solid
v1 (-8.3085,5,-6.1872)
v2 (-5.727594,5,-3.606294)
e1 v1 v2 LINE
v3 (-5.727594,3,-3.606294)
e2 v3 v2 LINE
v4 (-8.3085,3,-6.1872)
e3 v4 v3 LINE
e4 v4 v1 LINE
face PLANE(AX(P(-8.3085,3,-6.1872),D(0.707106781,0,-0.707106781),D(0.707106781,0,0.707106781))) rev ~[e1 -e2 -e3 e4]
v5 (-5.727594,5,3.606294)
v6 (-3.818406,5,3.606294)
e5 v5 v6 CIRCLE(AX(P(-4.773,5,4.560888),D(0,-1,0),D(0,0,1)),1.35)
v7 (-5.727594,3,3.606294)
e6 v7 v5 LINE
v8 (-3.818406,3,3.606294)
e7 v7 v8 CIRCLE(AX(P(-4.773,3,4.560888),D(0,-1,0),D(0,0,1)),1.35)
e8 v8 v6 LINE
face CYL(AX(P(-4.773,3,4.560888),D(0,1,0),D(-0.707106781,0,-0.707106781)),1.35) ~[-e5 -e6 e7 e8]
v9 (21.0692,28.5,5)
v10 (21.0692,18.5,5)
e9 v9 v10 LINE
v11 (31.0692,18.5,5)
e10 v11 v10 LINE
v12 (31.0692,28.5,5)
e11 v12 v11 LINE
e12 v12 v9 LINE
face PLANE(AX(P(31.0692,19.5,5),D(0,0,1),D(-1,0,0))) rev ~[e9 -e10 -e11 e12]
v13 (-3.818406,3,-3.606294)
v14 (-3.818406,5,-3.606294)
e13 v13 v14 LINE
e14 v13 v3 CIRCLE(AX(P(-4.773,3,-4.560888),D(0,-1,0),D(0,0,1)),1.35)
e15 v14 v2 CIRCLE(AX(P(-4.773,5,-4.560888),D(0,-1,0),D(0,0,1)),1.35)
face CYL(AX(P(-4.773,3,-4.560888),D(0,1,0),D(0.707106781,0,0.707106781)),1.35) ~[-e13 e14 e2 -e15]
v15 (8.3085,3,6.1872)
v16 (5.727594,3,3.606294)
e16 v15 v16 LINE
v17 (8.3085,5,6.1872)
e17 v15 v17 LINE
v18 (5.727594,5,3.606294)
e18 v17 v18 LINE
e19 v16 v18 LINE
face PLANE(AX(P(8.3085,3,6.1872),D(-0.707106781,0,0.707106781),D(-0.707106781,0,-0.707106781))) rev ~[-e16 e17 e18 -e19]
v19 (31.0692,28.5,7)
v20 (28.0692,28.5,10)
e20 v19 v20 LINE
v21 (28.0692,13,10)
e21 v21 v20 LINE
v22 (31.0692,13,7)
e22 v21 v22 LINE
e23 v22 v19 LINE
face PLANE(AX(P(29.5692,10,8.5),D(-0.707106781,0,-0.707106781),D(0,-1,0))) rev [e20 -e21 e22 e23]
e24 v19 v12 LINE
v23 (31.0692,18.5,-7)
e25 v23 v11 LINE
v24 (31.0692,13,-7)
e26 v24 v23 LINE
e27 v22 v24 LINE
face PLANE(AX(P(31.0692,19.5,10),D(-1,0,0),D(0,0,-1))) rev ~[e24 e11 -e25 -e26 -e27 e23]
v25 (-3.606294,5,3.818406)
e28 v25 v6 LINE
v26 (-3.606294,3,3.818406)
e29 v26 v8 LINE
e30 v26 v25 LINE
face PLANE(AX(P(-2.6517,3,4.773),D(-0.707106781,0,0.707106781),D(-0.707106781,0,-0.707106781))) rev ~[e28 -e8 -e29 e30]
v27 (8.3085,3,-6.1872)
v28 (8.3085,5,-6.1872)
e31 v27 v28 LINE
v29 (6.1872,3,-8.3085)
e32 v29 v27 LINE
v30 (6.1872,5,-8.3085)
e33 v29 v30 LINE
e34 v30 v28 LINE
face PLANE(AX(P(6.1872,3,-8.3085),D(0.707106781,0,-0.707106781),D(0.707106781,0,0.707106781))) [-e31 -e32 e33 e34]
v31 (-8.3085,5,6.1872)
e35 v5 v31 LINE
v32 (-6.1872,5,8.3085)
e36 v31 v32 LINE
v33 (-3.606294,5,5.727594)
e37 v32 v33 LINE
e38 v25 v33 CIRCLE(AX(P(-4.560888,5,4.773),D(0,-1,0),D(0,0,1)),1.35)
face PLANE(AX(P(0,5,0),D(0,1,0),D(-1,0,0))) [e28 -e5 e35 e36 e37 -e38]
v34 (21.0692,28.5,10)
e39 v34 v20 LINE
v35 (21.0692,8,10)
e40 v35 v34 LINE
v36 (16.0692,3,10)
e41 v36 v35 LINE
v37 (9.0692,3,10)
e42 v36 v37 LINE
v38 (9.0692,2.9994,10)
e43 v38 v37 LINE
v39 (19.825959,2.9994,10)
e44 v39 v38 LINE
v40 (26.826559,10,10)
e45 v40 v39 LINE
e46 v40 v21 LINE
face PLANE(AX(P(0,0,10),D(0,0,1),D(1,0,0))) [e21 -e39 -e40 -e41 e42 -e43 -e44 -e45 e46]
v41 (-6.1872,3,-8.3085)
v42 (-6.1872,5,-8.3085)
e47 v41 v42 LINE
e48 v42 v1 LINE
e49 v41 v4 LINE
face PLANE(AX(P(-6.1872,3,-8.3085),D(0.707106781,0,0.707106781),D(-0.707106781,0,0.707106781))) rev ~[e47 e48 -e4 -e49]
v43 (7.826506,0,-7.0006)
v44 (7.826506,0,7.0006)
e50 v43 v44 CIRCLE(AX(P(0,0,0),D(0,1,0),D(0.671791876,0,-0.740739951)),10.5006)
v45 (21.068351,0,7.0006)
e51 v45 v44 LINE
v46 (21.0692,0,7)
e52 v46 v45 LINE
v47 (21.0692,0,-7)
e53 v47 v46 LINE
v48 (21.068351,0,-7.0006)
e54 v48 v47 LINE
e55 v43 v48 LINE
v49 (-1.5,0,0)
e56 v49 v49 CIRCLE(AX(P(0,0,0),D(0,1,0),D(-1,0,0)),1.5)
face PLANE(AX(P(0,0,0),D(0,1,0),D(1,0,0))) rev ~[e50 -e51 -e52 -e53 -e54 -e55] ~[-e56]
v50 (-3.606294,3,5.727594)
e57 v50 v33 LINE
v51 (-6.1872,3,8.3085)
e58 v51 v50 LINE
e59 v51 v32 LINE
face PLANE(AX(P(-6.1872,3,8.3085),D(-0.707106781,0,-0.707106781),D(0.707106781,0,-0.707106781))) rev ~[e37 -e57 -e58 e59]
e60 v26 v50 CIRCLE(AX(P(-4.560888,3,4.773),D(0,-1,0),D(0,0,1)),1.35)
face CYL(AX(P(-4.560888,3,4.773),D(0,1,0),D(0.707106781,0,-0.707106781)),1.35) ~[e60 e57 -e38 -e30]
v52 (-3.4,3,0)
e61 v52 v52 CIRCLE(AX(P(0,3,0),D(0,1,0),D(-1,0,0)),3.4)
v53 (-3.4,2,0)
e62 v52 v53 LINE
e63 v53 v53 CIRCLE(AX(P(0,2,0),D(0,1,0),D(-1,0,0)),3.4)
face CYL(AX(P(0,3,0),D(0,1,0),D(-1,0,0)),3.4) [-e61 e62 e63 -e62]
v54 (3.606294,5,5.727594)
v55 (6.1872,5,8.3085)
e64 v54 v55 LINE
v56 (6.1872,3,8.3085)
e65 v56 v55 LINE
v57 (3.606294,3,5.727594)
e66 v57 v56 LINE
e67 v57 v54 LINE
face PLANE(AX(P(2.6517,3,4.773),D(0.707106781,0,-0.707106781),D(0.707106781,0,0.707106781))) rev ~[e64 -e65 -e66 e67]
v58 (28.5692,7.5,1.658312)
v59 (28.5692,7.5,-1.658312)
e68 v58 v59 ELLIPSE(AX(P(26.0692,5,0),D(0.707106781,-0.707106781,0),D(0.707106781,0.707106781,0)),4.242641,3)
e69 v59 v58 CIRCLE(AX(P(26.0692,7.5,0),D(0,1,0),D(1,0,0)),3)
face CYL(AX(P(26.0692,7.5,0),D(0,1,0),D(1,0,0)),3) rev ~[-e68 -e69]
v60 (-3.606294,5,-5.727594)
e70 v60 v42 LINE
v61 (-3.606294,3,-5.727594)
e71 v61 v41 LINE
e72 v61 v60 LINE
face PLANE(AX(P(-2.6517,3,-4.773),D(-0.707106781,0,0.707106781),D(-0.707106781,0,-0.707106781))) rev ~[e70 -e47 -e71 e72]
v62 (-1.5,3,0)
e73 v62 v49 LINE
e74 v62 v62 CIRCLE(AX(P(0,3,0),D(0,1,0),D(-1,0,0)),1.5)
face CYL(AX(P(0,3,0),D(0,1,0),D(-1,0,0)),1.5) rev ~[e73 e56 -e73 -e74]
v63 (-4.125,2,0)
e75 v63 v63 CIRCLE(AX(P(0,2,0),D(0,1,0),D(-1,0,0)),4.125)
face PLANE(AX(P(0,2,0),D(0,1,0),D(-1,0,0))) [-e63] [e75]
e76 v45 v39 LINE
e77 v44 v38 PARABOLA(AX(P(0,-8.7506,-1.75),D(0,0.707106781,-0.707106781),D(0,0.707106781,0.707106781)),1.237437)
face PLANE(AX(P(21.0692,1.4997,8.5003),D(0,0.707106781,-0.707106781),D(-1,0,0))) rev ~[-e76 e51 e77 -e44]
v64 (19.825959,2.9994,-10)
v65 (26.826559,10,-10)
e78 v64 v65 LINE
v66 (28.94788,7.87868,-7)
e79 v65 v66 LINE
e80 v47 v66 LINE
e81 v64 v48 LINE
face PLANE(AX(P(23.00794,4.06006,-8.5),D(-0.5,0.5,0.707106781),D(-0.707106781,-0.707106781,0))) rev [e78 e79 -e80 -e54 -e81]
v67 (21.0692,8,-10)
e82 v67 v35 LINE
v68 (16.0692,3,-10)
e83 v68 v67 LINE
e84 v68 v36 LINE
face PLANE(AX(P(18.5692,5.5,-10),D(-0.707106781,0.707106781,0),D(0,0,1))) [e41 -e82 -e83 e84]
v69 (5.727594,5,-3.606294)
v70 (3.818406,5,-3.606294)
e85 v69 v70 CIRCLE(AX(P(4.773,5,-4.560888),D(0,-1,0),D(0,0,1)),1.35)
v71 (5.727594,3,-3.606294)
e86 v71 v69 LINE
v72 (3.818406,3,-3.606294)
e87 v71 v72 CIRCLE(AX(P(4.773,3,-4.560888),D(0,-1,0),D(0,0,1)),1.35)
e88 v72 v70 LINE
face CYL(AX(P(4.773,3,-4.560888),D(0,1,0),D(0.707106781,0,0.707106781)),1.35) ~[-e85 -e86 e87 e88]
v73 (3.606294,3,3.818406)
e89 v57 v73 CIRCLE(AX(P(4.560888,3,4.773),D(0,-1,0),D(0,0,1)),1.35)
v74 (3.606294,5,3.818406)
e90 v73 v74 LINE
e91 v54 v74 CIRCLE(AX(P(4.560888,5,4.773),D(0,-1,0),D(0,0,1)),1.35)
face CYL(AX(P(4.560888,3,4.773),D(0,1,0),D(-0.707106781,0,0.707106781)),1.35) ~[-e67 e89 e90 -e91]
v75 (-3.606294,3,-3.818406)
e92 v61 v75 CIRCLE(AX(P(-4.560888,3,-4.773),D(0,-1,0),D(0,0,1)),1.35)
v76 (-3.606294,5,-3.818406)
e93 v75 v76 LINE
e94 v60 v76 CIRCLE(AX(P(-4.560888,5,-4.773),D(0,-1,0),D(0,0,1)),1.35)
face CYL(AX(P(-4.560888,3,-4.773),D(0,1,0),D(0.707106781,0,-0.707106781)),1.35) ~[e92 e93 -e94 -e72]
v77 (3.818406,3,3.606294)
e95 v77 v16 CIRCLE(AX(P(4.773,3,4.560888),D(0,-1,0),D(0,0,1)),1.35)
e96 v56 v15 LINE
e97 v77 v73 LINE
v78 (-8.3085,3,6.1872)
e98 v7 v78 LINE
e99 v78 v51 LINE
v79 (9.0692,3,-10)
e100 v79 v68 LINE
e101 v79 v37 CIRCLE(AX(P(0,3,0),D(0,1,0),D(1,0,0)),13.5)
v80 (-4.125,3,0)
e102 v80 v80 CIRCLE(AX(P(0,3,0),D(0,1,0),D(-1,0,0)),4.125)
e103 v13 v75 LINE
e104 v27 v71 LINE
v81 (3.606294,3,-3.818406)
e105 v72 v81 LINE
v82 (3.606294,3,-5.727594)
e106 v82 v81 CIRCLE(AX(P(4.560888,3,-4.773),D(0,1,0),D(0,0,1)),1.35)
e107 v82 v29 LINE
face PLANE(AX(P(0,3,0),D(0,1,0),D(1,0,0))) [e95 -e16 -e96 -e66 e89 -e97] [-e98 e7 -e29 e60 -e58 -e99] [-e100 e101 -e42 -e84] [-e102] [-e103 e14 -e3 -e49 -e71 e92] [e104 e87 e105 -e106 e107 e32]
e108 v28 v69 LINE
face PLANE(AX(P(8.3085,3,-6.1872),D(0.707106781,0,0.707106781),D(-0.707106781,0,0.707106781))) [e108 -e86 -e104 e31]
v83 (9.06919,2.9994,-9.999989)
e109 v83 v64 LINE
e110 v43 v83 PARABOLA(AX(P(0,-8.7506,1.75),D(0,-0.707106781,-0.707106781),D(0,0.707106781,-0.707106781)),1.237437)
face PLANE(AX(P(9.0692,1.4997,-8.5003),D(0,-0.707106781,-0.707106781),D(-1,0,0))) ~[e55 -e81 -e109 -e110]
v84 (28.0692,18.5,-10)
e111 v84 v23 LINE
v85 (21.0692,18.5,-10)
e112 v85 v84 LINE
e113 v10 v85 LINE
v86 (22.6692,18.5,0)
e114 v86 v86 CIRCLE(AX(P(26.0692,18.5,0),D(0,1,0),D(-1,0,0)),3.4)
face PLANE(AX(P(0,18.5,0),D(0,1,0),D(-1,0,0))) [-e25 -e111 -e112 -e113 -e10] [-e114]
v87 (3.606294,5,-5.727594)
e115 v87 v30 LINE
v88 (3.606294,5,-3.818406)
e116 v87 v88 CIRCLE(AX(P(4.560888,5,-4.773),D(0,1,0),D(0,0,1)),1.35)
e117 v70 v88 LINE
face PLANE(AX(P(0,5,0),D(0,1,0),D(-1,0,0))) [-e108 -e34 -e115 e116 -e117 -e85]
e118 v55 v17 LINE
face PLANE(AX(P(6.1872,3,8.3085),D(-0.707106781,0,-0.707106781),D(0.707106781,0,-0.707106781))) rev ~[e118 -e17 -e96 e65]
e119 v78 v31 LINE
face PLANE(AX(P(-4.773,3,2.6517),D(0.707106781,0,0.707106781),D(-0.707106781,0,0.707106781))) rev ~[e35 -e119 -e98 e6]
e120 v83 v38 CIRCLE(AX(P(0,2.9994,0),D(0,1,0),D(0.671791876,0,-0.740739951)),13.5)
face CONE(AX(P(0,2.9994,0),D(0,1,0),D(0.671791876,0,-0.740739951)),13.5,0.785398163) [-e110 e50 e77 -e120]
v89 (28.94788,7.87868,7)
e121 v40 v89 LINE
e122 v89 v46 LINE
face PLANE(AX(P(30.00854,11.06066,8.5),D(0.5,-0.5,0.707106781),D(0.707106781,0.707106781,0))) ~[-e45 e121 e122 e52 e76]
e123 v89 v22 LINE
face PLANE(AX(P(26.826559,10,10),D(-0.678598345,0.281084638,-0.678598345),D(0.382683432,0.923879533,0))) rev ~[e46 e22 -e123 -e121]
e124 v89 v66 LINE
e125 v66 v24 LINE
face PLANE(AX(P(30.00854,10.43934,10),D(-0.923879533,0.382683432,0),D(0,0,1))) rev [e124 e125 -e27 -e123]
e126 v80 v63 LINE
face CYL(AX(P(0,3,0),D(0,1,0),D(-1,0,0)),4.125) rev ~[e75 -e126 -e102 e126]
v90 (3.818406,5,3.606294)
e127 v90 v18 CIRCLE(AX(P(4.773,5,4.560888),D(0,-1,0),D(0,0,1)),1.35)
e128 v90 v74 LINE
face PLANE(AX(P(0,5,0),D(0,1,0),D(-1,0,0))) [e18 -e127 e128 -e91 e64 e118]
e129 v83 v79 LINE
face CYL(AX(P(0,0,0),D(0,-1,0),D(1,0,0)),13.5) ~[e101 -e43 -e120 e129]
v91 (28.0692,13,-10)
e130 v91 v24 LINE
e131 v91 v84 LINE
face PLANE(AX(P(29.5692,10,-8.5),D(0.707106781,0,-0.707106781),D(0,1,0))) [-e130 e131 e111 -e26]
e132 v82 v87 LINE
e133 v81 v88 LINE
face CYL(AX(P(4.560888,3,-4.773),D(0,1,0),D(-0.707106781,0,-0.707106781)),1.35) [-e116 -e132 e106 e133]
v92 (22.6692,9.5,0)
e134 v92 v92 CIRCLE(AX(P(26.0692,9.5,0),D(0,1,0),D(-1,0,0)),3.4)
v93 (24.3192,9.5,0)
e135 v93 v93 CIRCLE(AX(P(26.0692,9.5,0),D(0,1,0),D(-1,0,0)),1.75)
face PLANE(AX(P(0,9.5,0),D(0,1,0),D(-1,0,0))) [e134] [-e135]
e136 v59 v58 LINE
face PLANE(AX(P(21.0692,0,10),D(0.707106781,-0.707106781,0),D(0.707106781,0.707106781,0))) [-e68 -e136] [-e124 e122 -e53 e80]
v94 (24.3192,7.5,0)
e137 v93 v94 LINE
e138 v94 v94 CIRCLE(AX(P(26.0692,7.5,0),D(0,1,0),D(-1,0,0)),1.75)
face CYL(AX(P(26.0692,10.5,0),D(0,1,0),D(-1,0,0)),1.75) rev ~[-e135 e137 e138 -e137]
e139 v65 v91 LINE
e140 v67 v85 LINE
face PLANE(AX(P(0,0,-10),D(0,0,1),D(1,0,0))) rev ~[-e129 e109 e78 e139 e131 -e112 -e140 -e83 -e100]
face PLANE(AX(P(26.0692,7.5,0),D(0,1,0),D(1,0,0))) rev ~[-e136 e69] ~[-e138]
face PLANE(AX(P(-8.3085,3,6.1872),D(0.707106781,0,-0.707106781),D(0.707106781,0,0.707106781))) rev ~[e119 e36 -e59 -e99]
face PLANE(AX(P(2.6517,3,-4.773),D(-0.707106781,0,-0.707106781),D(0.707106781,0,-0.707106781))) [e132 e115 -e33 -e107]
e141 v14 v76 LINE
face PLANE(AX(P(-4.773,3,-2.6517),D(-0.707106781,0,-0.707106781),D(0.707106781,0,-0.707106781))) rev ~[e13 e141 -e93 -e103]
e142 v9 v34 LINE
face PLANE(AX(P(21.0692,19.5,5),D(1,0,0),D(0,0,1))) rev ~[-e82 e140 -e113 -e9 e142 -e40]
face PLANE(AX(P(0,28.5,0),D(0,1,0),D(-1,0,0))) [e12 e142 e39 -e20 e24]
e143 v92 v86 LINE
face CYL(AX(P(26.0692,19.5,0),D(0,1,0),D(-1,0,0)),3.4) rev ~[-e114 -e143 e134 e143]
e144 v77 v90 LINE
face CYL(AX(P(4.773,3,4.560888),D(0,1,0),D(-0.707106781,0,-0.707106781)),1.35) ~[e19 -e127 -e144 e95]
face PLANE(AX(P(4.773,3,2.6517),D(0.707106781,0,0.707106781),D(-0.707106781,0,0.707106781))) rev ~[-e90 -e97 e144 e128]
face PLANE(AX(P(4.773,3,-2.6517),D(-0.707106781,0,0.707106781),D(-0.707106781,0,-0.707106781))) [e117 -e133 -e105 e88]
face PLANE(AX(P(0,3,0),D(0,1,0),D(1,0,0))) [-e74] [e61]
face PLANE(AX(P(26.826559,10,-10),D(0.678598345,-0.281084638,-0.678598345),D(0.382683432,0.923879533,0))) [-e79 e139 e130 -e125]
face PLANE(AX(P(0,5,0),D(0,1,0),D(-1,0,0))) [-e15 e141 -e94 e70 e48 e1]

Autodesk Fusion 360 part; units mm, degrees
sketch "Sketch1" plane through (0, 0, 0) normal (0, 1, 0) x (1, 0, 0)
  circle A0 centre (0, 0) radius 13.5
  line L0 (9.0692, -10) -> (9.0692, 10)
  line L1 (9.0692, 10) -> (21.0692, 10)
  line L2 (21.0692, 10) -> (21.0692, -10)
  line L3 (21.0692, -10) -> (9.0692, -10)
  line L4 (9.0692, -10) -> (9.0692, 10)
  dimension "d1" = 27
  dimension "d4" = 20
  dimension "d5" = 12
  dimension "d6" = 20
extrude "Extrude1" add sketch "Sketch1" along normal blind 3
sketch "Sketch2" plane through (0, 3, 0) normal (0, 1, 0) x (-1, 0, 0)
  arc A0 (-9.0692, -10) -> (-9.0692, 10) centre (0, 0) ccw
  line L0 (-9.0692, 10) -> (-21.0692, 10)
  line L1 (-21.0692, 10) -> (-21.0692, -10)
  line L2 (-21.0692, -10) -> (-9.0692, -10)
  circle A1 centre (0, 0) radius 1.5
  dimension "d11" = 3
extrude "Extrude2" cut sketch "Sketch2" against normal blind 7 contours A1
sketch "Sketch3" plane through (0, 3, 0) normal (0, 1, 0) x (-1, 0, 0)
  circle A0 centre (0, 0) radius 1.5
  arc A1 (-9.0692, -10) -> (-9.0692, 10) centre (0, 0) ccw
  line L0 (-9.0692, 10) -> (-21.0692, 10)
  line L1 (-21.0692, 10) -> (-21.0692, -10)
  line L2 (-21.0692, -10) -> (-9.0692, -10)
  line L3 (0, 0) -> (7.2478, -7.2478) construction
  line L4 (0, 0) -> (-7.2478, 7.2478) construction
  line L5 (0, 0) -> (7.2478, 7.2478) construction
  line L6 (0, 0) -> (10.5, 0) construction
  line L7 (0, 0) -> (-7.2478, -7.2478) construction
  line L8 (-7.2478, 7.2478) -> (-6.1872, 8.3085) construction
  line L9 (7.2478, 7.2478) -> (8.3085, 6.1872) construction
  line L10 (7.2478, -7.2478) -> (6.1872, -8.3085) construction
  line L11 (-7.2478, -7.2478) -> (-8.3085, -6.1872) construction
  line L12 (-8.3085, -6.1872) -> (-4.773, -2.6517)
  line L13 (-4.773, -2.6517) -> (-2.6517, -4.773)
  line L14 (-4.773, -2.6517) -> (-1.773, -2.6517) construction
  line L15 (-2.6517, -4.773) -> (-6.1872, -8.3085)
  line L16 (-6.1872, -8.3085) -> (-8.3085, -6.1872)
  line L17 (-6.1872, 8.3085) -> (-8.3085, 6.1872)
  line L18 (-8.3085, 6.1872) -> (-4.773, 2.6517)
  line L19 (-4.773, 2.6517) -> (-2.6517, 4.773)
  line L20 (-4.773, 2.6517) -> (-1.773, 2.6517) construction
  line L21 (-2.6517, 4.773) -> (-6.1872, 8.3085)
  line L22 (8.3085, 6.1872) -> (6.1872, 8.3085)
  line L23 (6.1872, 8.3085) -> (2.6517, 4.773)
  line L24 (6.1872, 8.3085) -> (11.1872, 8.3085) construction
  line L25 (2.6517, 4.773) -> (4.773, 2.6517)
  line L26 (4.773, 2.6517) -> (8.3085, 6.1872)
  line L27 (6.1872, -8.3085) -> (8.3085, -6.1872)
  line L28 (8.3085, -6.1872) -> (4.773, -2.6517)
  line L29 (4.773, -2.6517) -> (2.6517, -4.773)
  line L30 (2.6517, -4.773) -> (6.1872, -8.3085)
  dimension "d15" = 10.25
  dimension "d16" = 10.25
  dimension "d18" = 45
  dimension "d19" = 10.25
  dimension "d20" = 10.25
  dimension "d79" = 1.5
  dimension "d80" = 1.5
  dimension "d81" = 1.5
  dimension "d84" = 1.5
  dimension "d85" = 5
  dimension "d86" = 45
  dimension "d87" = 3
  dimension "d88" = 5
  dimension "d89" = 3
  dimension "d90" = 5
  dimension "d91" = 45
  dimension "d92" = 3
  dimension "d93" = 3
  dimension "d94" = 135
  dimension "d95" = 5
  dimension "d96" = 3
  dimension "d97" = 3
  dimension "d98" = 5
  dimension "d99" = 3
extrude "Extrude12" add sketch "Sketch3" along normal blind 2 contours L12 L13 L15 L16 | L17 L18 L19 L21 | L22 L23 L25 L26 | L27 L28 L29 L30
sketch "Sketch4" plane through (0, 3, 0) normal (0, 1, 0) x (-1, 0, 0)
  circle A0 centre (0, 0) radius 1.5
  arc A1 (-9.0692, -10) -> (-9.0692, 10) centre (0, 0) ccw
  line L0 (-9.0692, 10) -> (-21.0692, 10)
  line L1 (-21.0692, 10) -> (-21.0692, -10)
  line L2 (-21.0692, -10) -> (-9.0692, -10)
  circle A2 centre (0, 0) radius 3.4
  circle A3 centre (0, 0) radius 4.125
  line L3 (-2.6517, 4.773) -> (-4.773, 2.6517)
  line L4 (-4.773, 2.6517) -> (-8.3085, 6.1872)
  line L5 (-8.3085, 6.1872) -> (-6.1872, 8.3085)
  line L6 (-6.1872, 8.3085) -> (-2.6517, 4.773)
  line L7 (4.773, 2.6517) -> (2.6517, 4.773)
  line L8 (2.6517, 4.773) -> (6.1872, 8.3085)
  line L9 (6.1872, 8.3085) -> (8.3085, 6.1872)
  line L10 (8.3085, 6.1872) -> (4.773, 2.6517)
  line L11 (-6.1872, -8.3085) -> (-8.3085, -6.1872)
  line L12 (-8.3085, -6.1872) -> (-4.773, -2.6517)
  line L13 (-4.773, -2.6517) -> (-2.6517, -4.773)
  line L14 (-2.6517, -4.773) -> (-6.1872, -8.3085)
  line L15 (2.6517, -4.773) -> (4.773, -2.6517)
  line L16 (4.773, -2.6517) -> (8.3085, -6.1872)
  line L17 (8.3085, -6.1872) -> (6.1872, -8.3085)
  line L18 (6.1872, -8.3085) -> (2.6517, -4.773)
  dimension "d42" = 6.8
  dimension "d43" = 8.25
extrude "Extrude4" cut sketch "Sketch4" against normal blind 1 contours A3
sketch "Sketch5" plane through (0, 3, 0) normal (0, 1, 0) x (-1, 0, 0)
  arc A0 (-9.0692, -10) -> (-9.0692, 10) centre (0, 0) ccw
  line L0 (-9.0692, 10) -> (-21.0692, 10)
  line L1 (-21.0692, 10) -> (-21.0692, -10)
  line L2 (-21.0692, -10) -> (-9.0692, -10)
  circle A1 centre (0, 0) radius 4.125
  line L3 (-21.0692, -10) -> (-31.0692, -10)
  line L4 (-31.0692, -10) -> (-31.0692, 10)
  line L5 (-31.0692, 10) -> (-21.0692, 10)
  line L6 (-21.0692, 10) -> (-21.0692, -10)
  line L7 (2.6517, -4.773) -> (4.773, -2.6517)
  line L8 (4.773, -2.6517) -> (8.3085, -6.1872)
  line L9 (8.3085, -6.1872) -> (6.1872, -8.3085)
  line L10 (6.1872, -8.3085) -> (2.6517, -4.773)
  line L11 (-6.1872, -8.3085) -> (-8.3085, -6.1872)
  line L12 (-8.3085, -6.1872) -> (-4.773, -2.6517)
  line L13 (-4.773, -2.6517) -> (-2.6517, -4.773)
  line L14 (-2.6517, -4.773) -> (-6.1872, -8.3085)
  line L15 (4.773, 2.6517) -> (2.6517, 4.773)
  line L16 (2.6517, 4.773) -> (6.1872, 8.3085)
  line L17 (6.1872, 8.3085) -> (8.3085, 6.1872)
  line L18 (8.3085, 6.1872) -> (4.773, 2.6517)
  line L19 (-2.6517, 4.773) -> (-4.773, 2.6517)
  line L20 (-4.773, 2.6517) -> (-8.3085, 6.1872)
  line L21 (-8.3085, 6.1872) -> (-6.1872, 8.3085)
  line L22 (-6.1872, 8.3085) -> (-2.6517, 4.773)
  dimension "d46" = 10
  dimension "d47" = 20
extrude "Extrude5" add sketch "Sketch5" along normal blind 16.5 contours L1 L3 L4 L5 L6
sketch "Sketch6" plane through (0, 19.5, 0) normal (0, 1, 0) x (-1, 0, 0)
  line L0 (-21.0692, 10) -> (-31.0692, 10)
  line L1 (-31.0692, 10) -> (-31.0692, -10)
  line L2 (-31.0692, -10) -> (-21.0692, -10)
  line L3 (-21.0692, -10) -> (-21.0692, 10)
  line L4 (-21.0692, 10) -> (-31.0692, 10)
  line L5 (-31.0692, 10) -> (-31.0692, 5)
  line L6 (-31.0692, 5) -> (-21.0692, 5)
  line L7 (-21.0692, 5) -> (-21.0692, 10)
  dimension "d50" = 10
  dimension "d51" = 5
extrude "Extrude6" add sketch "Sketch6" along normal blind 10 contours L0 L1 L3 L4 L5 L6 L7
sketch "Sketch7" plane through (0, 19.5, 0) normal (0, 1, 0) x (-1, 0, 0)
  line L0 (-21.0692, 5) -> (-31.0692, 5)
  line L1 (-31.0692, 5) -> (-31.0692, -10)
  line L2 (-31.0692, -10) -> (-21.0692, -10)
  line L3 (-21.0692, -10) -> (-21.0692, 5)
  line L4 (-21.0692, -10) -> (-21.0692, 10)
  line L5 (-21.0692, 0) -> (-26.0692, 0)
  circle A0 centre (-26.0692, 0) radius 3.4
  dimension "d54" = 5
  dimension "d55" = 6.8
extrude "Extrude7" cut sketch "Sketch7" against normal blind 9 contours A0
sketch "Sketch8" plane through (0, 10.5, 0) normal (0, 1, 0) x (-1, 0, 0)
  circle A0 centre (-26.0692, 0) radius 3.4
  circle A1 centre (-26.0692, 0) radius 1.75
  dimension "d60" = 3.5
sketch "Sketch9" plane through (0, 0, 10) normal (0, 0, 1) x (1, 0, 0)
  line L0 (9.0692, 0) -> (21.0692, 0)
  line L1 (21.0692, 0) -> (21.0692, 3)
  line L2 (21.0692, 3) -> (9.0692, 3)
  line L3 (9.0692, 3) -> (9.0692, 0)
  line L4 (21.0692, 0) -> (27.5513, 6.4821)
  line L5 (21.0692, 0) -> (30.2363, 0) construction
  line L6 (21.0692, 0) -> (21.0692, 3)
  line L7 (31.0692, 3) -> (21.0692, 3)
  line L8 (21.0692, 3) -> (26.0692, 3)
  dimension "d61" = 45
extrude "Extrude8" add sketch "Sketch9" against normal blind 20 contours L1 L4 L6 L7 L8
sketch "Sketch10" plane through (0, 0, 10) normal (0, 0, 1) x (1, 0, 0)
  line L0 (24.0692, 3) -> (31.0692, 3)
  line L1 (31.0692, 3) -> (31.0692, 29.5)
  line L2 (31.0692, 29.5) -> (21.0692, 29.5)
  line L3 (21.0692, 29.5) -> (21.0692, 3)
  line L4 (21.0692, 3) -> (9.0692, 3)
  line L5 (9.0692, 3) -> (9.0692, 0)
  line L6 (9.0692, 0) -> (21.0692, 0)
  line L7 (21.0692, 0) -> (24.0692, 3)
  line L8 (24.0692, 3) -> (32.4914, 11.4222)
  line L9 (24.0692, 3) -> (35.98, 3) construction
  dimension "d64" = 45
extrude "Extrude9" cut sketch "Sketch10" against normal blind 77 contours L0 L1 L8
extrude "Extrude10" cut sketch "Sketch8" against normal blind 20 contours A1
ref_plane "WorkPlane1" through (26.0692, 7.5, 0) normal (0, 1, 0) x (-1, 0, 0)
sketch "Sketch11" plane through (26.0692, 7.5, 0) normal (0, 1, 0) x (1, 0, 0)
  circle A0 centre (0, 0) radius 3
  dimension "d70" = 6
extrude "Extrude11" cut sketch "Sketch11" against normal blind 10
chamfer "Chamfer1" distance 3 angle 45 3 edges at (15.0692, 0, 10) (-13.5, 0, 0) (15.0692, 0, -10)
chamfer "Chamfer2" distance 5 angle 45 1 edges at (21.0692, 3, 0)
chamfer "Chamfer3" distance 3 angle 45 5 edges at (27.5692, 6.5, 10) (31.0692, 19.75, 10) (27.5692, 6.5, -10) (31.0692, 14.75, -10) (31.0692, 10, 0)
fillet "Fillet2" radius 1.35 8 edges at (-2.6517, 4, 4.773) (-4.773, 4, 2.6517) (-4.773, 4, -2.6517) (-2.6517, 4, -4.773) (2.6517, 4, -4.773) (4.773, 4, -2.6517) (4.773, 4, 2.6517) (2.6517, 4, 4.773)
extrude "Extrude13" cut 1 faces at (26.7358, 29.5, 6.6667) along direction (0, -1, 0) blind 1
extrude "Extrude14" cut 1 faces at (24.817, 19.5, -7.7716) along direction (0, -1, 0) blind 1
extrude "Extrude15" cut 1 faces at (23.2318, 10.5, -0.1689) along direction (0, -1, 0) blind 1
equation "d5 = KneeSeparation"
equation "d7 = BottomThickness"
equation "BottomThickness = 3 mm"
equation "KneeSeparation = 12 mm"
equation "d11 = ServoScrewHole"
equation "ScrewHole = 3.0 mm"
equation "HornFit = 1.35 mm"
equation "d54 = HolePosX"
equation "d55 = HoleSize"
equation "HolePosX = 5 mm"
equation "HoleSize = 6.8 mm"
equation "d58 = -HoleDepth"
equation "d60 = SpacerScrewHole"
equation "d70 = HoleFit"
equation "HoleFit = 6 mm"
equation "ChamferStrength = 5 mm"
equation "Chamfer3 = 3 mm"
equation "d76 = Chamfer3"
equation "d77 = ChamferStrength"
equation "d78 = Chamfer3"
equation "FilletFIT = 1.35 mm"
equation "d103 = FilletFIT"
equation "HoleDepth = 9 mm"
equation "ServoScrewHole = 3 mm"
equation "SpacerScrewHole = 3.5 mm"
